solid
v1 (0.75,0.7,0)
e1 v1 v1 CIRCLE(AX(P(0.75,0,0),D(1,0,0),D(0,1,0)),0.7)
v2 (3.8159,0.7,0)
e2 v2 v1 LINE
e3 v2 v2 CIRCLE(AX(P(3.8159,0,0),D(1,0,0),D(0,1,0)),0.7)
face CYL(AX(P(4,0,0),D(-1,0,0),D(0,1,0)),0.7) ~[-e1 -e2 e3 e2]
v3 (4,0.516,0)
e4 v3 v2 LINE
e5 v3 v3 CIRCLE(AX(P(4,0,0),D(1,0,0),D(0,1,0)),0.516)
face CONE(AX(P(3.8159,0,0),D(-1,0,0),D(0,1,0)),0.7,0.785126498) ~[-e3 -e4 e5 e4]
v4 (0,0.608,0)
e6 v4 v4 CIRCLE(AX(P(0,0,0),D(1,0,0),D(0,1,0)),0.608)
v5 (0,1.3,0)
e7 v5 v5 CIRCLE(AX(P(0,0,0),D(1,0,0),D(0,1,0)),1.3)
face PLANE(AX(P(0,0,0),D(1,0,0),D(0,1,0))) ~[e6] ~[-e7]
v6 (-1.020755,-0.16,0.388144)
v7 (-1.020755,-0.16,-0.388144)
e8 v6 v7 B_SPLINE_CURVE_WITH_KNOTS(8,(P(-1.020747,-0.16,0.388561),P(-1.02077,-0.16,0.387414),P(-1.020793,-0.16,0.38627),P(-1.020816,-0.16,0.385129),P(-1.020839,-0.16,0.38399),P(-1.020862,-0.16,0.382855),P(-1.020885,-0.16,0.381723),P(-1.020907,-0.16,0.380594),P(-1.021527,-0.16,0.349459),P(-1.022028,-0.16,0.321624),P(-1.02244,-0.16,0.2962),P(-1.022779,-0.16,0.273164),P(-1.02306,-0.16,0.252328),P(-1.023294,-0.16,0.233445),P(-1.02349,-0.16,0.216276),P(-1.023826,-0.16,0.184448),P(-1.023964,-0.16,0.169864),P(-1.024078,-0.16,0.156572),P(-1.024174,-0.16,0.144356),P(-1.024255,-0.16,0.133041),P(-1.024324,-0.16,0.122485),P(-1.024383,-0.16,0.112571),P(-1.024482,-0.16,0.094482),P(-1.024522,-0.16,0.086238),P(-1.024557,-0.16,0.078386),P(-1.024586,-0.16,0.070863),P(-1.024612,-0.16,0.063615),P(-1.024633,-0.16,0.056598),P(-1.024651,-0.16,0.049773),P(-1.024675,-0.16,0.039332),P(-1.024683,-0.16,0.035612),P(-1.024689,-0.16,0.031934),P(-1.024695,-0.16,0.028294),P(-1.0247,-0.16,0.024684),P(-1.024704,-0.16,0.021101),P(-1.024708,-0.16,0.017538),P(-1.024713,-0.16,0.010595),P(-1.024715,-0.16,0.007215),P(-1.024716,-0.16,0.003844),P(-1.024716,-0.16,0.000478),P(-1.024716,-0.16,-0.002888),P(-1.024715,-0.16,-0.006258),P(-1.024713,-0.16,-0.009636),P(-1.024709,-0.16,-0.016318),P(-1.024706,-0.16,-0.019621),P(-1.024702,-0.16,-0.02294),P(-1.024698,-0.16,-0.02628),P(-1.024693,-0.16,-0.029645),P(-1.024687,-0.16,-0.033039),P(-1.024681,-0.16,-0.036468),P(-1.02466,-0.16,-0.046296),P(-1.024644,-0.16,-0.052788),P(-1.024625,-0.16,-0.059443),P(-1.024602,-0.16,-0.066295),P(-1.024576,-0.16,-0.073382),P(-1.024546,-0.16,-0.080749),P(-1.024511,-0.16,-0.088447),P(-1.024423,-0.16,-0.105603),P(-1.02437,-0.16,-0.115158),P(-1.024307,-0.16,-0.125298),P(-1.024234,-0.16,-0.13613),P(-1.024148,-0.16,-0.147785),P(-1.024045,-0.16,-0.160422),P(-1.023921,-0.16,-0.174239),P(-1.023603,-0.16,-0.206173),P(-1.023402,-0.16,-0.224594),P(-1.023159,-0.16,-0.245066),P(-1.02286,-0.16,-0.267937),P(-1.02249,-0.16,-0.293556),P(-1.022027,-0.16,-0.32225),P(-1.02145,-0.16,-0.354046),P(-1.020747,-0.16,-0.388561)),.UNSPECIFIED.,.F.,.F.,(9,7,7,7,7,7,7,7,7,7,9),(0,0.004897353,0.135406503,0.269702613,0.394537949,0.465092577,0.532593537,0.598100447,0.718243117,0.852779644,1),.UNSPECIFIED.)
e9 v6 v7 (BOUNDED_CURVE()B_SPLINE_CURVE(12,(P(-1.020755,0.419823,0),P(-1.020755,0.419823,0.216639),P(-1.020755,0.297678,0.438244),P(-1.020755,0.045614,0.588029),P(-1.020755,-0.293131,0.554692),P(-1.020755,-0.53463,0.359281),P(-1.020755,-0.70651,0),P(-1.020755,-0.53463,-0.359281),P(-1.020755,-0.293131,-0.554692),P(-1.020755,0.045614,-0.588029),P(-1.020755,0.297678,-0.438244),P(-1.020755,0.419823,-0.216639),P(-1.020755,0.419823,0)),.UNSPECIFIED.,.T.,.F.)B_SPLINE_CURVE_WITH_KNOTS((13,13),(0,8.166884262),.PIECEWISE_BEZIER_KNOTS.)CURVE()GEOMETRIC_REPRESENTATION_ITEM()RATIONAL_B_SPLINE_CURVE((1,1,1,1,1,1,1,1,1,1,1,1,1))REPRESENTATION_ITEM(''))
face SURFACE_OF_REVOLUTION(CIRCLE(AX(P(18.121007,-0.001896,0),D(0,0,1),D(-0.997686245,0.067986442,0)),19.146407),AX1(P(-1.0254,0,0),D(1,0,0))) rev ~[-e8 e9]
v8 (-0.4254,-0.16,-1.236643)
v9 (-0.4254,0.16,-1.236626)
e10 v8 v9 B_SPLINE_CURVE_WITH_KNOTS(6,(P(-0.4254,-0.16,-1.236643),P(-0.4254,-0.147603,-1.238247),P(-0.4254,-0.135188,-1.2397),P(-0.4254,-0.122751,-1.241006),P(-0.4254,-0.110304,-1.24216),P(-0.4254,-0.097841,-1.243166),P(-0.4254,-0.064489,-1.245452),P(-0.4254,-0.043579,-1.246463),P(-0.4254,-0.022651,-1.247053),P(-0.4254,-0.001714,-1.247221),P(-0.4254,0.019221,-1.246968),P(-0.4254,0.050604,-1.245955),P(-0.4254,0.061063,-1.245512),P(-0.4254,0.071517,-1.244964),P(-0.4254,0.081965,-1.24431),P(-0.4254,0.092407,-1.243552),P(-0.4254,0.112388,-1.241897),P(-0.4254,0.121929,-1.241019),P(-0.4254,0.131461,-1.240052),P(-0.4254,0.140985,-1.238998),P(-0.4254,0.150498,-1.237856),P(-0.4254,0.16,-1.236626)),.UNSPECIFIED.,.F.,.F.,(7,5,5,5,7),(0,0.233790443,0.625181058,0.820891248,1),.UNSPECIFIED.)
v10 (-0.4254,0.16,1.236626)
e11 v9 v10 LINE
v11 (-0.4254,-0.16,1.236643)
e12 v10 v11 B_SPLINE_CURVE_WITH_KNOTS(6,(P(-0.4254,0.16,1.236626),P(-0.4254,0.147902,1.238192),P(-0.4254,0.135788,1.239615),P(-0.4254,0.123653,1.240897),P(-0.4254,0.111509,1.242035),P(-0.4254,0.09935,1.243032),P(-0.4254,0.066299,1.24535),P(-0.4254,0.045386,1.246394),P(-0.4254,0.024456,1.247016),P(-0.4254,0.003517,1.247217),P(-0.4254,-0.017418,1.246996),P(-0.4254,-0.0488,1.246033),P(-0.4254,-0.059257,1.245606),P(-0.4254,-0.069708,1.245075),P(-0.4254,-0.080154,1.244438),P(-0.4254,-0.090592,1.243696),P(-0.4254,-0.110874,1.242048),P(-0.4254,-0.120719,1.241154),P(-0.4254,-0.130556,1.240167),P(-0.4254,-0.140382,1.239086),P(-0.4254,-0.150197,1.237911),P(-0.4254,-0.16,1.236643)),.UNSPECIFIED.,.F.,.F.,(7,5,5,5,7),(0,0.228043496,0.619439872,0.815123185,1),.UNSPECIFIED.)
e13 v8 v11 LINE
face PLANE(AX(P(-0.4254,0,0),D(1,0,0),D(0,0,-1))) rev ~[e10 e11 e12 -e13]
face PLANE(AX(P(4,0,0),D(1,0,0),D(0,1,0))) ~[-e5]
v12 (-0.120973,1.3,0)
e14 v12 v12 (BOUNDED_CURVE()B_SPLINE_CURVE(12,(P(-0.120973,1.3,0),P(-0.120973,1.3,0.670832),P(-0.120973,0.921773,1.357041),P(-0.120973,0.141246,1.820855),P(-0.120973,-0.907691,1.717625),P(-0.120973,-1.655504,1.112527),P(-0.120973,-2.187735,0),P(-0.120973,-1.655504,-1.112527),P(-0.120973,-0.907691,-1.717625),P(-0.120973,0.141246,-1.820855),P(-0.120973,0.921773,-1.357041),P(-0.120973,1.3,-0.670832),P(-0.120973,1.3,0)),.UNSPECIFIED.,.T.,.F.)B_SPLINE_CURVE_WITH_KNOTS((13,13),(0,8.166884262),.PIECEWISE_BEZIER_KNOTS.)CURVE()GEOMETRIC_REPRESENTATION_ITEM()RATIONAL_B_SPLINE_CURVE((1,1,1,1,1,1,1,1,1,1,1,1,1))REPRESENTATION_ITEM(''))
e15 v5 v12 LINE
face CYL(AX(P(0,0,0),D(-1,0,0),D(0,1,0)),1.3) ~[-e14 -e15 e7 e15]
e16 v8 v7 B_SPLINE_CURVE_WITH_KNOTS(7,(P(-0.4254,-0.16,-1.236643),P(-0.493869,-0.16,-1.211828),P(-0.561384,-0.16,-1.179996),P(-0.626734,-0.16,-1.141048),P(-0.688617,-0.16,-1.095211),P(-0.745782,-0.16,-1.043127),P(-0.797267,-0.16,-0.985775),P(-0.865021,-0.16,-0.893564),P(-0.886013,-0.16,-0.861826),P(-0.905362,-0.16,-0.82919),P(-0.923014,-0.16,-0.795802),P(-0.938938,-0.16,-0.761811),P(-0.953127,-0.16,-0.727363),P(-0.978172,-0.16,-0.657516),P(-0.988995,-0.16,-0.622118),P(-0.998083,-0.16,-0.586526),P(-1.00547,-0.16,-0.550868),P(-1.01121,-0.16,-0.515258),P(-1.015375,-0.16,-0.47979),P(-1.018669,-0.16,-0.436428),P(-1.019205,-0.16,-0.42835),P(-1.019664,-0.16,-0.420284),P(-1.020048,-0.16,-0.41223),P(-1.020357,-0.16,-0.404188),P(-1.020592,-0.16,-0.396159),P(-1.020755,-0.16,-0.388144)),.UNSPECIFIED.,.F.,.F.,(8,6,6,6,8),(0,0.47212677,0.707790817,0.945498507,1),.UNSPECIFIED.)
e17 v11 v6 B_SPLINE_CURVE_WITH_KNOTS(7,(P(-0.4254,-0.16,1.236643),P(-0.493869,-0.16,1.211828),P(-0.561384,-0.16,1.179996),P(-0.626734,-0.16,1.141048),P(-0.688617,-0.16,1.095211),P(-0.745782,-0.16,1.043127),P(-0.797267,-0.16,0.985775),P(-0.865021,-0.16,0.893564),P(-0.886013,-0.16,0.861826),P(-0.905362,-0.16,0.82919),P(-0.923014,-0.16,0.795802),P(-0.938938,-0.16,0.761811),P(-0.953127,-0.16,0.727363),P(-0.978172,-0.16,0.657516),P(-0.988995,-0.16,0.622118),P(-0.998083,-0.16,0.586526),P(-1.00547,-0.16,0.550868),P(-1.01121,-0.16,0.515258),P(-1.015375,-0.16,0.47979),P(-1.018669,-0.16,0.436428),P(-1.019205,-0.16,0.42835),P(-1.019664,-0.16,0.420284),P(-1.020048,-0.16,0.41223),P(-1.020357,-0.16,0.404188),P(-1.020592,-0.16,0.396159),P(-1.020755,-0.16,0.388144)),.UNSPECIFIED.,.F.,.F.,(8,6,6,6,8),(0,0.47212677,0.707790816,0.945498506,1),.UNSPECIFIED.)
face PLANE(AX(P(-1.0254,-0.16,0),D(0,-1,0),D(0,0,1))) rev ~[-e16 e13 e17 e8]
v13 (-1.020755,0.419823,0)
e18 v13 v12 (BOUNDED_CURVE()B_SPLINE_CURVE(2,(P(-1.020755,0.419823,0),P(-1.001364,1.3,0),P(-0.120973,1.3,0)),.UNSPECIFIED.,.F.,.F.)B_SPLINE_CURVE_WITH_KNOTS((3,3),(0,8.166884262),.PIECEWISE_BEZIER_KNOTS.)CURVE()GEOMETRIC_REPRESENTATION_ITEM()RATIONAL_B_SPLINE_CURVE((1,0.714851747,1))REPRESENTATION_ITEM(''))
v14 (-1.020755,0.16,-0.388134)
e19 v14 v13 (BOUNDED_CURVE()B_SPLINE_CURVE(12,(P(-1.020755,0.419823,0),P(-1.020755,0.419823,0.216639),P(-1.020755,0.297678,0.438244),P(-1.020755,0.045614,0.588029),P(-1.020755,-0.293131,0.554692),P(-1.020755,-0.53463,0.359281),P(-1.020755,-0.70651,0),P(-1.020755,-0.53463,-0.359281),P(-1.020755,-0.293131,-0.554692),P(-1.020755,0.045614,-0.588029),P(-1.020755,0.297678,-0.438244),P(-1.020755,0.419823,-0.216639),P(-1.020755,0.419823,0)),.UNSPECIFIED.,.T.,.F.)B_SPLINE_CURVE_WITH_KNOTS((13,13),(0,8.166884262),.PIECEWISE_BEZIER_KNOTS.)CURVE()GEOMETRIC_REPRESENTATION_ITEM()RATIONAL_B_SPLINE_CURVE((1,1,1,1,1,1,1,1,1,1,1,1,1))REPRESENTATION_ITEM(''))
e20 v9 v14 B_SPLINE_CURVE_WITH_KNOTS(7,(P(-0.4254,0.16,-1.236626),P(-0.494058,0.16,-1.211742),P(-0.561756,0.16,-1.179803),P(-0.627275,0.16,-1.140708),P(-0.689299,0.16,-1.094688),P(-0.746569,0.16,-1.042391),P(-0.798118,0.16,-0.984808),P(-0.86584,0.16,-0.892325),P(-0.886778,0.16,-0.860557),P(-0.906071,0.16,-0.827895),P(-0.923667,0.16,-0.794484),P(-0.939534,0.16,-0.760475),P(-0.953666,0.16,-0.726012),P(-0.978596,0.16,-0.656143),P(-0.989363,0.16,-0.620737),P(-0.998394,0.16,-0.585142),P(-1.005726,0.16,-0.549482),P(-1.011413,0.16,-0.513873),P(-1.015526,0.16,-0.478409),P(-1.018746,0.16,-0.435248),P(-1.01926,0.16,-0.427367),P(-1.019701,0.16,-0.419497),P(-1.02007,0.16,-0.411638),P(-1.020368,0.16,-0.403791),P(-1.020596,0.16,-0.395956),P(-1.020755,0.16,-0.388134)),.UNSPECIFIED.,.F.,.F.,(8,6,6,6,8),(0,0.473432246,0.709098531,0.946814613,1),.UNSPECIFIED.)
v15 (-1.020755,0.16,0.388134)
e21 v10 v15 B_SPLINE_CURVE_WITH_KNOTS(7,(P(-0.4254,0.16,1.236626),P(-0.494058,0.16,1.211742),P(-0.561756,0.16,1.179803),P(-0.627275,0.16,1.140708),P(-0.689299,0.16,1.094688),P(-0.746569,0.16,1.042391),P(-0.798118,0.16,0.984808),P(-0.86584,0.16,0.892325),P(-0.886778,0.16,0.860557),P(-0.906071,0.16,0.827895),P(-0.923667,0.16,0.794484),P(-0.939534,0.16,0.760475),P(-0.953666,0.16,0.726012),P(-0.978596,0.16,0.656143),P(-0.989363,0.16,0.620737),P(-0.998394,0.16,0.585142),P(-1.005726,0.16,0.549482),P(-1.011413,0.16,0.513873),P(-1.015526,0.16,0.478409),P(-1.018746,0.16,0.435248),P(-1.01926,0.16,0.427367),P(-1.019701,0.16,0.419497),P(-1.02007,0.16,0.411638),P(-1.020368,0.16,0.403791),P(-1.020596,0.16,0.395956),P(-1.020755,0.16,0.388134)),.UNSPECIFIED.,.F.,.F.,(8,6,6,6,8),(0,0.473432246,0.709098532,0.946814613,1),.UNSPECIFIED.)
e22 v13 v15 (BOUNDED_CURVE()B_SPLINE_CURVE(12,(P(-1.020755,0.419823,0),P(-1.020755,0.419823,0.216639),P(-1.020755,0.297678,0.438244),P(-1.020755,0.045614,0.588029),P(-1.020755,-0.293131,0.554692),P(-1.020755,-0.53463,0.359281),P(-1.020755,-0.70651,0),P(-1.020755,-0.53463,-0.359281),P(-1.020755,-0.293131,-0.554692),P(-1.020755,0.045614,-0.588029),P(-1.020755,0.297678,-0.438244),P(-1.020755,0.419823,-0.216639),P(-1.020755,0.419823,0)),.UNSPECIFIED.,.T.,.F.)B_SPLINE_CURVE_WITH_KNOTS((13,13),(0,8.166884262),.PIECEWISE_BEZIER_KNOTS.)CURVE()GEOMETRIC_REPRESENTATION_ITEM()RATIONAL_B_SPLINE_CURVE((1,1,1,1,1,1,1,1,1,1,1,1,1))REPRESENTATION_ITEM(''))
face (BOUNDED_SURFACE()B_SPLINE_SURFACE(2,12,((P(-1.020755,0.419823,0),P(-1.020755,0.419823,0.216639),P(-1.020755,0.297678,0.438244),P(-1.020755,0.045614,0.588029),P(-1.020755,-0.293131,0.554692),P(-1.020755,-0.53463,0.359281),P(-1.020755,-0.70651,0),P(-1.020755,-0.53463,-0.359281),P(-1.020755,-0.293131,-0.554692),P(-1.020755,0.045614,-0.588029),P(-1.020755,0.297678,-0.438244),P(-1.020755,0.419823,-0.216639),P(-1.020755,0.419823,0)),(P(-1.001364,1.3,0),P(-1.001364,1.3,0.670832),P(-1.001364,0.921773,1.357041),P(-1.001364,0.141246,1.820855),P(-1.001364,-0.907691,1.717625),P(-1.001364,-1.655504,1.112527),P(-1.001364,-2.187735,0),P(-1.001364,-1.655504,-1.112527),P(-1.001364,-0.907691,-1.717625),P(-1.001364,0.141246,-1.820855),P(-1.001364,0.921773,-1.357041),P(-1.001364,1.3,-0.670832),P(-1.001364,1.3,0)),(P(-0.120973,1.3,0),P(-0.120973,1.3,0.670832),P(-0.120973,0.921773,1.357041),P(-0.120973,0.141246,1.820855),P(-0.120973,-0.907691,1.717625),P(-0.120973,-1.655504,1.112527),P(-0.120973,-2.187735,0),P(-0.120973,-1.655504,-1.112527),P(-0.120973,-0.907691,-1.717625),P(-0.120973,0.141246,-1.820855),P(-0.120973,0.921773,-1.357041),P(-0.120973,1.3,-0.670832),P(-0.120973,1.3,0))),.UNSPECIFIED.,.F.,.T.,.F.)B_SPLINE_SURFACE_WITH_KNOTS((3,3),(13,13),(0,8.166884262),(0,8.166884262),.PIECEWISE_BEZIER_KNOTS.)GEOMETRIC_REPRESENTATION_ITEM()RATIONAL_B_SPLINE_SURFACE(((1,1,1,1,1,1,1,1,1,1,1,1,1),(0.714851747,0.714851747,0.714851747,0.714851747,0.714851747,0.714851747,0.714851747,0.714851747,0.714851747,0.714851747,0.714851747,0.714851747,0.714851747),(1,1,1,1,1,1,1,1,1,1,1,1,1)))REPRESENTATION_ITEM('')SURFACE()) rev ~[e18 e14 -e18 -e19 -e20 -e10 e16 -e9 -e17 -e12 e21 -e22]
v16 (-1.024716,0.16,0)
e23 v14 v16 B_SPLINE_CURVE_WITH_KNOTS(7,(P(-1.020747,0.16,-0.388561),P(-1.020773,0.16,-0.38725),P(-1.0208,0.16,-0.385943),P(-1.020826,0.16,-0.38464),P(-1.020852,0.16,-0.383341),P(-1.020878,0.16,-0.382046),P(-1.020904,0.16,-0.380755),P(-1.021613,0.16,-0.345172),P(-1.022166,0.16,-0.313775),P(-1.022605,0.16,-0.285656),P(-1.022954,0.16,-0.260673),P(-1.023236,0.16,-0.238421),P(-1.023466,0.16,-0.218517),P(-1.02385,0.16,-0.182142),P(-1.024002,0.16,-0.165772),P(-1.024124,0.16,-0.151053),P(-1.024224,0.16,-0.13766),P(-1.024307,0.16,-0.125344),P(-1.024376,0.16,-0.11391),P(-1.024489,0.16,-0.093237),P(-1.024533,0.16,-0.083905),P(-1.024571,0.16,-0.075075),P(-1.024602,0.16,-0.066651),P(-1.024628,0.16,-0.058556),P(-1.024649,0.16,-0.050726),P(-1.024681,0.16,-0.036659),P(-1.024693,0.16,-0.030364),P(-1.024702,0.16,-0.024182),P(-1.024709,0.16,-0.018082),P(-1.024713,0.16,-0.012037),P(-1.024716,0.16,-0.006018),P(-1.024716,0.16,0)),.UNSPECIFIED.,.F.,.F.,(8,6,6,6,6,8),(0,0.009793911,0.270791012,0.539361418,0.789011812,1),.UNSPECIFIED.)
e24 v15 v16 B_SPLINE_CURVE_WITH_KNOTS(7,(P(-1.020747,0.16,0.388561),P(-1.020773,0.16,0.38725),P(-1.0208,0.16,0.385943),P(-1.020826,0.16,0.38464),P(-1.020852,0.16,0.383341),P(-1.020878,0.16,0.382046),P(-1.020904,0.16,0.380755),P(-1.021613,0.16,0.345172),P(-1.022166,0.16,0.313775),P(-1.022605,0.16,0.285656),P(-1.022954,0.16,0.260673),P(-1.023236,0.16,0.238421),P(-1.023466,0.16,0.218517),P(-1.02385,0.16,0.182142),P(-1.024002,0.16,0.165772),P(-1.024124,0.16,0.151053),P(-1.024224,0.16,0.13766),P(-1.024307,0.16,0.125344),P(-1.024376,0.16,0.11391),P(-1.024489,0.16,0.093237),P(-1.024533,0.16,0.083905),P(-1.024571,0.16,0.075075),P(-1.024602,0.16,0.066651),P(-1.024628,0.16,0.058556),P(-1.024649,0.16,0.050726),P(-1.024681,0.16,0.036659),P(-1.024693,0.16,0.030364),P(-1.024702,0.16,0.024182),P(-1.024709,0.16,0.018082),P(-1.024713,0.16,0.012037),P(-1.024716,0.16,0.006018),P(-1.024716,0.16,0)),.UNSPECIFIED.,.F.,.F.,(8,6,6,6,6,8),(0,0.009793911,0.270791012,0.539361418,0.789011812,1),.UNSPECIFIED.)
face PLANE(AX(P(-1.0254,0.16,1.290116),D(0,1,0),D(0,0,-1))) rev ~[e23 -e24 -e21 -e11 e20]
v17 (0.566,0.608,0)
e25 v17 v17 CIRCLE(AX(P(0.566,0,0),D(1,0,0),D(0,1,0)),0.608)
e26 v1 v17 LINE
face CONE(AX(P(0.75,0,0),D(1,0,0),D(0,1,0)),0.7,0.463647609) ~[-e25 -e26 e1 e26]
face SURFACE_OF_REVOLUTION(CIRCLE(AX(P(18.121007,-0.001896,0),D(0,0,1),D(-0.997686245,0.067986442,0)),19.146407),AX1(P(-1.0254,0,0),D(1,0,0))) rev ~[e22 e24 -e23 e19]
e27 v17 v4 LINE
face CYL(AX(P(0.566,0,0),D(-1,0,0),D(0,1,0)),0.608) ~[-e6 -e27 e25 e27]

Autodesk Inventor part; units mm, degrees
ref_plane "YZ Plane" through (0, 0, 0) normal (1, 0, 0) x (0, 1, 0)
sketch "Sketch1" plane through (0, 0, 0) normal (0, 0, 1) x (1, 0, 0)
  line L0 (-1.0254, 0) -> (4, 0)
  line L1 (4, 0) -> (4, 0.7)
  line L2 (4, 0.7) -> (0.75, 0.7)
  line L3 (0.75, 0.7) -> (0.566, 0.608)
  line L4 (0.566, 0.608) -> (0, 0.608)
  line L5 (0, 0.608) -> (0, 1.3)
  line L6 (-4.8605, 0) -> (21.908, 0) projected
  line L7 (0, -0.26) -> (0, 1.5602) projected
  line L8 (0, 1.3) -> (-0.9811, 1.2998)
  arc A0 (-0.9811, 1.2998) -> (-1.0254, 0) centre (18.0839, 0) ccw
  dimension "d0" = 4
  dimension "d1" = 3.25
  dimension "d2" = 0.184
  dimension "d3" = 1.0254
  dimension "d4" = 1.4
  dimension "d5" = 1.216
  dimension "d9" = 2.6
  dimension "d10" = 0.01
  dimension "d15" = 19.1093
revolve "Body" add sketch "Sketch1" angle 360 about axis through (-1.0254, 0, 0) along (1, 0, 0)
fillet "Fillet1" radius 0.9 1 edges at (-0.9811, -1.2998, 0)
ref_plane "IDS_WORKPLANE{1}" through (-1.0254, 0, 0) normal (1, 0, 0) x (0, 0, -1)
sketch "Sketch2" plane through (-1.0254, 0, 0) normal (1, 0, 0) x (0, 0, -1)
  line L0 (0, -1.82) -> (0, 1.82) projected
  line L1 (1.82, 0) -> (-1.82, 0) projected
  line L2 (-1.3, 0.16) -> (1.3, 0.16)
  line L3 (1.3, 0.16) -> (1.3, -0.16)
  line L4 (1.3, -0.16) -> (-1.3, -0.16)
  line L5 (-1.3, -0.16) -> (-1.3, 0.16)
  line L6 (0, 0.16) -> (0, -0.16) construction
  line L7 (-1.3, 0) -> (1.3, 0) construction
  circle A0 centre (0, 0) radius 1.3 projected
  dimension "d17" = 0.32
extrude "Slot" cut sketch "Sketch2" along normal blind 0.6 contours L4 A0 L1 L0 | L0 L1 A0 L4 | L4 L5 A0 | A0 L3 L4 | L1 A0 L2 L0 | L0 L2 A0 L1 | L5 L2 A0 | A0 L2 L3
thread "Thread" size "M1.4x0.3" class "6g" standard "ISO Metric profile" length 3.25
chamfer "Chamfer1" distance 0.184 distance2 0.1841 1 edges at (4, -0.7, 0) measured on face at (4, 0.3353, -0.2689)
ref_plane "Work Plane2" through (8.25, 0, 0) normal (0, 0, -1) x (1, 0, 0)
equation "\"d17\" = SBR"
equation "\"d18\" = STI"
equation "\"d20\" = RR"
equation "\"d11\" = GEL"
equation "\"d13\" = -0.5 * SPD + 0.5 * GD"
equation "\"d0\" = NLG"
equation "\"d1\" = GEL"
equation "\"d2\" = GAL"
equation "\"d3\" = KOH"
equation "\"d4\" = GD"
equation "\"d5\" = BDM"
equation "\"d9\" = KOD"
equation "\"d10\" = KEWI"
equation "\"GD\" = NND"
equation "\"NLG\" = 4"
equation "\"GEL\" = 3.25"
equation "\"KOD\" = 2.6"
equation "\"KOH\" = 1.02539"
equation "\"GAL\" = 0.61345 * PTC"
equation "\"SPD\" = NND - 1.2269 * PTC"
equation "\"BDM\" = 1.216"
equation "\"GUL\" = 0.61345 * PTC"
equation "\"RR\" = 0.9"
equation "\"SBR\" = 0.32"
equation "\"STI\" = 0.6"
equation "\"KEWI\" = 0.01deg"
equation "\"KR\" = 1.6"
equation "\"d16\" = -KOH"
equation "\"PTC\" = 0.3"
equation "\"THREADDIA\" = 1.4"
equation "\"TOA\" = 30deg"
equation "\"NND\" = 1.4"
equation "\"ORI\" = 0.9"
equation "\"GD1\" = THREADDIA - 1.2269 * PTC"
properties part number "CNS 9671 - M1,4 x 4" material "Steel, Mild"
